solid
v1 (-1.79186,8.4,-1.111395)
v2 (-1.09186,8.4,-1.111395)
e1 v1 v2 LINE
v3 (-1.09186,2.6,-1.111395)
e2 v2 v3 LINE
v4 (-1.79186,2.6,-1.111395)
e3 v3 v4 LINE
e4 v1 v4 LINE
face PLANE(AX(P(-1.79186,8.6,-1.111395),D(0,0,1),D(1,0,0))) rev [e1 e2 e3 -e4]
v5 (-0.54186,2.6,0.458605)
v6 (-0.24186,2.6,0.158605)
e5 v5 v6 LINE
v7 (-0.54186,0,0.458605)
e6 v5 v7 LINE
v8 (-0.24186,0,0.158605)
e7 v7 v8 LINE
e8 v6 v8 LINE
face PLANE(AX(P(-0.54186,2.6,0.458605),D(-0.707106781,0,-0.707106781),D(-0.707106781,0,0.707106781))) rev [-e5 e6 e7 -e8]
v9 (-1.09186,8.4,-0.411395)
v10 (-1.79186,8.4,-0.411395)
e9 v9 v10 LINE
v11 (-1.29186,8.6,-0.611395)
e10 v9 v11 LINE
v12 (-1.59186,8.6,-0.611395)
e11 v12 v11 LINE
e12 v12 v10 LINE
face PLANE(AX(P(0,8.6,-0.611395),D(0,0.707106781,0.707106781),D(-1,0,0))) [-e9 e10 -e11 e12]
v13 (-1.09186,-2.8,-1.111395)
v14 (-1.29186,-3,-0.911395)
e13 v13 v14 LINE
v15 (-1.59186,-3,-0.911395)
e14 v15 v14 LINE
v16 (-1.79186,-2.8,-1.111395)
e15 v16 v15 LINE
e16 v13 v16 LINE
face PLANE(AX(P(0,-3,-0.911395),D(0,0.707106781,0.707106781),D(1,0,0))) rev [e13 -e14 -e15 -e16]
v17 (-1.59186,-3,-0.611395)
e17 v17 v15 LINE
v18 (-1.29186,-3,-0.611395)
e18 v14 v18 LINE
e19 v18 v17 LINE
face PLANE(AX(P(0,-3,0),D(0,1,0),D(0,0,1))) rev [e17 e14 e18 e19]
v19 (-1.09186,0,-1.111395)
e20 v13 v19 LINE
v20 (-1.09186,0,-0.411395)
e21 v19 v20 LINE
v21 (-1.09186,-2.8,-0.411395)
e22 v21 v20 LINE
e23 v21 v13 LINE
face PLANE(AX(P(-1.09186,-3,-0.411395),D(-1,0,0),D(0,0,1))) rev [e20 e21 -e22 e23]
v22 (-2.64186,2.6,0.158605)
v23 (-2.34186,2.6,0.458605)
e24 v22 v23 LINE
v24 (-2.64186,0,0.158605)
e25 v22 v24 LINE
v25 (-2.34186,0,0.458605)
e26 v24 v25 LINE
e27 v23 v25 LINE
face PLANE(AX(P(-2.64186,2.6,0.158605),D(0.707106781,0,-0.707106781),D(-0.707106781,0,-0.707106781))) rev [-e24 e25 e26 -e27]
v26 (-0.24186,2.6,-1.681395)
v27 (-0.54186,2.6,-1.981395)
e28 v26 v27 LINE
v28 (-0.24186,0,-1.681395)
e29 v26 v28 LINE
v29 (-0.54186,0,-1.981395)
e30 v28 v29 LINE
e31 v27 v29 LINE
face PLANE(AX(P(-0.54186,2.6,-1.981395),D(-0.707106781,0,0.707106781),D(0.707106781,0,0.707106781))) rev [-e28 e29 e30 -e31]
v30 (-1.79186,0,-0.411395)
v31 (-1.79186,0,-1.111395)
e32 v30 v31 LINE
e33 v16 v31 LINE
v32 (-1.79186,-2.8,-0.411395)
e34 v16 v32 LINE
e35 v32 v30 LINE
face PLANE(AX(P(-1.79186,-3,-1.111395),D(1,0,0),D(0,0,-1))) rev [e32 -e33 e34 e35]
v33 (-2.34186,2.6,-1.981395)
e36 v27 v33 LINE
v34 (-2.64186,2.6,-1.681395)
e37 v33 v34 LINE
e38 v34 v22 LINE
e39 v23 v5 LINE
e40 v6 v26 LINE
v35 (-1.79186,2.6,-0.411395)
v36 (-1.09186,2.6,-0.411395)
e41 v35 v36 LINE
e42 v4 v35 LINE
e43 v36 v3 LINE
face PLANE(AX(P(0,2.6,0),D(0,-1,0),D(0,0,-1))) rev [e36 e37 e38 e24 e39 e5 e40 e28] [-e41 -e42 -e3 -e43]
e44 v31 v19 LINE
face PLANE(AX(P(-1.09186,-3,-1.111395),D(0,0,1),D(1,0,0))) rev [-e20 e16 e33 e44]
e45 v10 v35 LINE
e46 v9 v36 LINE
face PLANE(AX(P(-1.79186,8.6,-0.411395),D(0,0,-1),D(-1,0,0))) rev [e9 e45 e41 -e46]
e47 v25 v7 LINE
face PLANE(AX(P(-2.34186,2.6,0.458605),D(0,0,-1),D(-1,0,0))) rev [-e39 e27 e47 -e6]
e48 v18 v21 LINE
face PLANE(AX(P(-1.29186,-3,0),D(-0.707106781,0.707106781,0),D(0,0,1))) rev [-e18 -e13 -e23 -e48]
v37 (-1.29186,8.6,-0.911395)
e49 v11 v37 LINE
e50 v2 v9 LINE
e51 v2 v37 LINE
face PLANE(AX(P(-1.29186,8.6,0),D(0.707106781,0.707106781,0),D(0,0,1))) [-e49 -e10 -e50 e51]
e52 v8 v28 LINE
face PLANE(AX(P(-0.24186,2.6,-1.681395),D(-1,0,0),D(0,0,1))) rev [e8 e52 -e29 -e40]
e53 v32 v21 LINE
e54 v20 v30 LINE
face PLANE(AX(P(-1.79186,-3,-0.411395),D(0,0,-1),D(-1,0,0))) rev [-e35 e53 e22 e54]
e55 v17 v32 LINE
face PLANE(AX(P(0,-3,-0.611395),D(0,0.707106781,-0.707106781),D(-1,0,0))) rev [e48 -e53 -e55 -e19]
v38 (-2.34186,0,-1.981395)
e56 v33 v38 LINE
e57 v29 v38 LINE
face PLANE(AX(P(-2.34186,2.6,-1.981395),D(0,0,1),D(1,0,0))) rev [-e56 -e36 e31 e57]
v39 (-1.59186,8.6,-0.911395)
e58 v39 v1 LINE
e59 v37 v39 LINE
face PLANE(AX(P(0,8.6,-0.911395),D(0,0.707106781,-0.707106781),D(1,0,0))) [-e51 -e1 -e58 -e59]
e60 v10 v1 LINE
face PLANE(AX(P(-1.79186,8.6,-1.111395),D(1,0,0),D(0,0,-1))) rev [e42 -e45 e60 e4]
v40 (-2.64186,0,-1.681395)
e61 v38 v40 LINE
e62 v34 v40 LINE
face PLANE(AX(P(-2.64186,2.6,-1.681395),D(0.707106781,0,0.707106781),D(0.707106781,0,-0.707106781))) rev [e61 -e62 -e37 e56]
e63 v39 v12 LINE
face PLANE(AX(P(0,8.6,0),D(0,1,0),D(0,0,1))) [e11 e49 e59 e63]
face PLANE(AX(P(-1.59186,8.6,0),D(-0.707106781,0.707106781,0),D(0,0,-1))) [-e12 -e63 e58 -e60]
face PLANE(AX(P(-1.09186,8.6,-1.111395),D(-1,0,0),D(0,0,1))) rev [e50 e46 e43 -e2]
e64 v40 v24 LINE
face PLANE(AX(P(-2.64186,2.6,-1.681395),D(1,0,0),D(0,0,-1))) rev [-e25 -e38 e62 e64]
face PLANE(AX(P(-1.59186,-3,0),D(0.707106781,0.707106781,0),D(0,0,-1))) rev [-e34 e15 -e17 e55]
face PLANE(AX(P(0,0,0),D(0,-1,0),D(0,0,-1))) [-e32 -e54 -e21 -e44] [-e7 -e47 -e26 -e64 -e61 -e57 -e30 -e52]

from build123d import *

# Parameters (mm, degrees)
EXTRUDE_1_DEPTH = 2.6
SKETCH_2_W      = 0.7
SKETCH_2_H      = 0.7
EXTRUDE_2_DEPTH = 6
SKETCH_3_W      = 0.7
SKETCH_3_H      = 0.7
EXTRUDE_3_DEPTH = 3
CHAMFER_1_SIZE  = 0.2


with BuildPart() as part:
    # Sketch 1 → Extrude 1 (new body)
    with BuildSketch(Plane(origin=(0, 0, 0), x_dir=(1, 0, 0), z_dir=(0, 1, 0))):
        Polygon((-2.641860465, 1.681395349), (-2.341860465, 1.981395349), (-0.541860465, 1.981395349), (-0.241860465, 1.681395349), (-0.241860465, -0.158604651), (-0.541860465, -0.458604651), (-2.341860465, -0.458604651), (-2.641860465, -0.158604651), align=None)
    extrude(amount=EXTRUDE_1_DEPTH)

    # Sketch 2 → Extrude 2 (add)
    with BuildSketch(Plane(origin=(0, 2.6, 0), x_dir=(1, 0, 0), z_dir=(0, 1, 0))):
        with Locations((-1.441860465, 0.761395349)):
            Rectangle(SKETCH_2_W, SKETCH_2_H)
    extrude(amount=EXTRUDE_2_DEPTH)

    # Sketch 3 → Extrude 3 (add)
    with BuildSketch(Plane.XZ):
        with Locations((-1.441860465, -0.761395349)):
            Rectangle(SKETCH_3_W, SKETCH_3_H)
    extrude(amount=EXTRUDE_3_DEPTH)

    # Chamfer 1
    chamfer_1_edges = [part.edges().sort_by_distance(p)[0] for p in [
        (-1.091860465, 8.6, -0.761395349),
        (-1.441860465, 8.6, -1.111395349),
        (-1.791860465, 8.6, -0.761395349),
        (-1.441860465, 8.6, -0.411395349),
        (-1.441860465, -3, -1.111395349),
        (-1.091860465, -3, -0.761395349),
        (-1.441860465, -3, -0.411395349),
        (-1.791860465, -3, -0.761395349),
    ]]
    chamfer(chamfer_1_edges, length=CHAMFER_1_SIZE)


solid = part.part
